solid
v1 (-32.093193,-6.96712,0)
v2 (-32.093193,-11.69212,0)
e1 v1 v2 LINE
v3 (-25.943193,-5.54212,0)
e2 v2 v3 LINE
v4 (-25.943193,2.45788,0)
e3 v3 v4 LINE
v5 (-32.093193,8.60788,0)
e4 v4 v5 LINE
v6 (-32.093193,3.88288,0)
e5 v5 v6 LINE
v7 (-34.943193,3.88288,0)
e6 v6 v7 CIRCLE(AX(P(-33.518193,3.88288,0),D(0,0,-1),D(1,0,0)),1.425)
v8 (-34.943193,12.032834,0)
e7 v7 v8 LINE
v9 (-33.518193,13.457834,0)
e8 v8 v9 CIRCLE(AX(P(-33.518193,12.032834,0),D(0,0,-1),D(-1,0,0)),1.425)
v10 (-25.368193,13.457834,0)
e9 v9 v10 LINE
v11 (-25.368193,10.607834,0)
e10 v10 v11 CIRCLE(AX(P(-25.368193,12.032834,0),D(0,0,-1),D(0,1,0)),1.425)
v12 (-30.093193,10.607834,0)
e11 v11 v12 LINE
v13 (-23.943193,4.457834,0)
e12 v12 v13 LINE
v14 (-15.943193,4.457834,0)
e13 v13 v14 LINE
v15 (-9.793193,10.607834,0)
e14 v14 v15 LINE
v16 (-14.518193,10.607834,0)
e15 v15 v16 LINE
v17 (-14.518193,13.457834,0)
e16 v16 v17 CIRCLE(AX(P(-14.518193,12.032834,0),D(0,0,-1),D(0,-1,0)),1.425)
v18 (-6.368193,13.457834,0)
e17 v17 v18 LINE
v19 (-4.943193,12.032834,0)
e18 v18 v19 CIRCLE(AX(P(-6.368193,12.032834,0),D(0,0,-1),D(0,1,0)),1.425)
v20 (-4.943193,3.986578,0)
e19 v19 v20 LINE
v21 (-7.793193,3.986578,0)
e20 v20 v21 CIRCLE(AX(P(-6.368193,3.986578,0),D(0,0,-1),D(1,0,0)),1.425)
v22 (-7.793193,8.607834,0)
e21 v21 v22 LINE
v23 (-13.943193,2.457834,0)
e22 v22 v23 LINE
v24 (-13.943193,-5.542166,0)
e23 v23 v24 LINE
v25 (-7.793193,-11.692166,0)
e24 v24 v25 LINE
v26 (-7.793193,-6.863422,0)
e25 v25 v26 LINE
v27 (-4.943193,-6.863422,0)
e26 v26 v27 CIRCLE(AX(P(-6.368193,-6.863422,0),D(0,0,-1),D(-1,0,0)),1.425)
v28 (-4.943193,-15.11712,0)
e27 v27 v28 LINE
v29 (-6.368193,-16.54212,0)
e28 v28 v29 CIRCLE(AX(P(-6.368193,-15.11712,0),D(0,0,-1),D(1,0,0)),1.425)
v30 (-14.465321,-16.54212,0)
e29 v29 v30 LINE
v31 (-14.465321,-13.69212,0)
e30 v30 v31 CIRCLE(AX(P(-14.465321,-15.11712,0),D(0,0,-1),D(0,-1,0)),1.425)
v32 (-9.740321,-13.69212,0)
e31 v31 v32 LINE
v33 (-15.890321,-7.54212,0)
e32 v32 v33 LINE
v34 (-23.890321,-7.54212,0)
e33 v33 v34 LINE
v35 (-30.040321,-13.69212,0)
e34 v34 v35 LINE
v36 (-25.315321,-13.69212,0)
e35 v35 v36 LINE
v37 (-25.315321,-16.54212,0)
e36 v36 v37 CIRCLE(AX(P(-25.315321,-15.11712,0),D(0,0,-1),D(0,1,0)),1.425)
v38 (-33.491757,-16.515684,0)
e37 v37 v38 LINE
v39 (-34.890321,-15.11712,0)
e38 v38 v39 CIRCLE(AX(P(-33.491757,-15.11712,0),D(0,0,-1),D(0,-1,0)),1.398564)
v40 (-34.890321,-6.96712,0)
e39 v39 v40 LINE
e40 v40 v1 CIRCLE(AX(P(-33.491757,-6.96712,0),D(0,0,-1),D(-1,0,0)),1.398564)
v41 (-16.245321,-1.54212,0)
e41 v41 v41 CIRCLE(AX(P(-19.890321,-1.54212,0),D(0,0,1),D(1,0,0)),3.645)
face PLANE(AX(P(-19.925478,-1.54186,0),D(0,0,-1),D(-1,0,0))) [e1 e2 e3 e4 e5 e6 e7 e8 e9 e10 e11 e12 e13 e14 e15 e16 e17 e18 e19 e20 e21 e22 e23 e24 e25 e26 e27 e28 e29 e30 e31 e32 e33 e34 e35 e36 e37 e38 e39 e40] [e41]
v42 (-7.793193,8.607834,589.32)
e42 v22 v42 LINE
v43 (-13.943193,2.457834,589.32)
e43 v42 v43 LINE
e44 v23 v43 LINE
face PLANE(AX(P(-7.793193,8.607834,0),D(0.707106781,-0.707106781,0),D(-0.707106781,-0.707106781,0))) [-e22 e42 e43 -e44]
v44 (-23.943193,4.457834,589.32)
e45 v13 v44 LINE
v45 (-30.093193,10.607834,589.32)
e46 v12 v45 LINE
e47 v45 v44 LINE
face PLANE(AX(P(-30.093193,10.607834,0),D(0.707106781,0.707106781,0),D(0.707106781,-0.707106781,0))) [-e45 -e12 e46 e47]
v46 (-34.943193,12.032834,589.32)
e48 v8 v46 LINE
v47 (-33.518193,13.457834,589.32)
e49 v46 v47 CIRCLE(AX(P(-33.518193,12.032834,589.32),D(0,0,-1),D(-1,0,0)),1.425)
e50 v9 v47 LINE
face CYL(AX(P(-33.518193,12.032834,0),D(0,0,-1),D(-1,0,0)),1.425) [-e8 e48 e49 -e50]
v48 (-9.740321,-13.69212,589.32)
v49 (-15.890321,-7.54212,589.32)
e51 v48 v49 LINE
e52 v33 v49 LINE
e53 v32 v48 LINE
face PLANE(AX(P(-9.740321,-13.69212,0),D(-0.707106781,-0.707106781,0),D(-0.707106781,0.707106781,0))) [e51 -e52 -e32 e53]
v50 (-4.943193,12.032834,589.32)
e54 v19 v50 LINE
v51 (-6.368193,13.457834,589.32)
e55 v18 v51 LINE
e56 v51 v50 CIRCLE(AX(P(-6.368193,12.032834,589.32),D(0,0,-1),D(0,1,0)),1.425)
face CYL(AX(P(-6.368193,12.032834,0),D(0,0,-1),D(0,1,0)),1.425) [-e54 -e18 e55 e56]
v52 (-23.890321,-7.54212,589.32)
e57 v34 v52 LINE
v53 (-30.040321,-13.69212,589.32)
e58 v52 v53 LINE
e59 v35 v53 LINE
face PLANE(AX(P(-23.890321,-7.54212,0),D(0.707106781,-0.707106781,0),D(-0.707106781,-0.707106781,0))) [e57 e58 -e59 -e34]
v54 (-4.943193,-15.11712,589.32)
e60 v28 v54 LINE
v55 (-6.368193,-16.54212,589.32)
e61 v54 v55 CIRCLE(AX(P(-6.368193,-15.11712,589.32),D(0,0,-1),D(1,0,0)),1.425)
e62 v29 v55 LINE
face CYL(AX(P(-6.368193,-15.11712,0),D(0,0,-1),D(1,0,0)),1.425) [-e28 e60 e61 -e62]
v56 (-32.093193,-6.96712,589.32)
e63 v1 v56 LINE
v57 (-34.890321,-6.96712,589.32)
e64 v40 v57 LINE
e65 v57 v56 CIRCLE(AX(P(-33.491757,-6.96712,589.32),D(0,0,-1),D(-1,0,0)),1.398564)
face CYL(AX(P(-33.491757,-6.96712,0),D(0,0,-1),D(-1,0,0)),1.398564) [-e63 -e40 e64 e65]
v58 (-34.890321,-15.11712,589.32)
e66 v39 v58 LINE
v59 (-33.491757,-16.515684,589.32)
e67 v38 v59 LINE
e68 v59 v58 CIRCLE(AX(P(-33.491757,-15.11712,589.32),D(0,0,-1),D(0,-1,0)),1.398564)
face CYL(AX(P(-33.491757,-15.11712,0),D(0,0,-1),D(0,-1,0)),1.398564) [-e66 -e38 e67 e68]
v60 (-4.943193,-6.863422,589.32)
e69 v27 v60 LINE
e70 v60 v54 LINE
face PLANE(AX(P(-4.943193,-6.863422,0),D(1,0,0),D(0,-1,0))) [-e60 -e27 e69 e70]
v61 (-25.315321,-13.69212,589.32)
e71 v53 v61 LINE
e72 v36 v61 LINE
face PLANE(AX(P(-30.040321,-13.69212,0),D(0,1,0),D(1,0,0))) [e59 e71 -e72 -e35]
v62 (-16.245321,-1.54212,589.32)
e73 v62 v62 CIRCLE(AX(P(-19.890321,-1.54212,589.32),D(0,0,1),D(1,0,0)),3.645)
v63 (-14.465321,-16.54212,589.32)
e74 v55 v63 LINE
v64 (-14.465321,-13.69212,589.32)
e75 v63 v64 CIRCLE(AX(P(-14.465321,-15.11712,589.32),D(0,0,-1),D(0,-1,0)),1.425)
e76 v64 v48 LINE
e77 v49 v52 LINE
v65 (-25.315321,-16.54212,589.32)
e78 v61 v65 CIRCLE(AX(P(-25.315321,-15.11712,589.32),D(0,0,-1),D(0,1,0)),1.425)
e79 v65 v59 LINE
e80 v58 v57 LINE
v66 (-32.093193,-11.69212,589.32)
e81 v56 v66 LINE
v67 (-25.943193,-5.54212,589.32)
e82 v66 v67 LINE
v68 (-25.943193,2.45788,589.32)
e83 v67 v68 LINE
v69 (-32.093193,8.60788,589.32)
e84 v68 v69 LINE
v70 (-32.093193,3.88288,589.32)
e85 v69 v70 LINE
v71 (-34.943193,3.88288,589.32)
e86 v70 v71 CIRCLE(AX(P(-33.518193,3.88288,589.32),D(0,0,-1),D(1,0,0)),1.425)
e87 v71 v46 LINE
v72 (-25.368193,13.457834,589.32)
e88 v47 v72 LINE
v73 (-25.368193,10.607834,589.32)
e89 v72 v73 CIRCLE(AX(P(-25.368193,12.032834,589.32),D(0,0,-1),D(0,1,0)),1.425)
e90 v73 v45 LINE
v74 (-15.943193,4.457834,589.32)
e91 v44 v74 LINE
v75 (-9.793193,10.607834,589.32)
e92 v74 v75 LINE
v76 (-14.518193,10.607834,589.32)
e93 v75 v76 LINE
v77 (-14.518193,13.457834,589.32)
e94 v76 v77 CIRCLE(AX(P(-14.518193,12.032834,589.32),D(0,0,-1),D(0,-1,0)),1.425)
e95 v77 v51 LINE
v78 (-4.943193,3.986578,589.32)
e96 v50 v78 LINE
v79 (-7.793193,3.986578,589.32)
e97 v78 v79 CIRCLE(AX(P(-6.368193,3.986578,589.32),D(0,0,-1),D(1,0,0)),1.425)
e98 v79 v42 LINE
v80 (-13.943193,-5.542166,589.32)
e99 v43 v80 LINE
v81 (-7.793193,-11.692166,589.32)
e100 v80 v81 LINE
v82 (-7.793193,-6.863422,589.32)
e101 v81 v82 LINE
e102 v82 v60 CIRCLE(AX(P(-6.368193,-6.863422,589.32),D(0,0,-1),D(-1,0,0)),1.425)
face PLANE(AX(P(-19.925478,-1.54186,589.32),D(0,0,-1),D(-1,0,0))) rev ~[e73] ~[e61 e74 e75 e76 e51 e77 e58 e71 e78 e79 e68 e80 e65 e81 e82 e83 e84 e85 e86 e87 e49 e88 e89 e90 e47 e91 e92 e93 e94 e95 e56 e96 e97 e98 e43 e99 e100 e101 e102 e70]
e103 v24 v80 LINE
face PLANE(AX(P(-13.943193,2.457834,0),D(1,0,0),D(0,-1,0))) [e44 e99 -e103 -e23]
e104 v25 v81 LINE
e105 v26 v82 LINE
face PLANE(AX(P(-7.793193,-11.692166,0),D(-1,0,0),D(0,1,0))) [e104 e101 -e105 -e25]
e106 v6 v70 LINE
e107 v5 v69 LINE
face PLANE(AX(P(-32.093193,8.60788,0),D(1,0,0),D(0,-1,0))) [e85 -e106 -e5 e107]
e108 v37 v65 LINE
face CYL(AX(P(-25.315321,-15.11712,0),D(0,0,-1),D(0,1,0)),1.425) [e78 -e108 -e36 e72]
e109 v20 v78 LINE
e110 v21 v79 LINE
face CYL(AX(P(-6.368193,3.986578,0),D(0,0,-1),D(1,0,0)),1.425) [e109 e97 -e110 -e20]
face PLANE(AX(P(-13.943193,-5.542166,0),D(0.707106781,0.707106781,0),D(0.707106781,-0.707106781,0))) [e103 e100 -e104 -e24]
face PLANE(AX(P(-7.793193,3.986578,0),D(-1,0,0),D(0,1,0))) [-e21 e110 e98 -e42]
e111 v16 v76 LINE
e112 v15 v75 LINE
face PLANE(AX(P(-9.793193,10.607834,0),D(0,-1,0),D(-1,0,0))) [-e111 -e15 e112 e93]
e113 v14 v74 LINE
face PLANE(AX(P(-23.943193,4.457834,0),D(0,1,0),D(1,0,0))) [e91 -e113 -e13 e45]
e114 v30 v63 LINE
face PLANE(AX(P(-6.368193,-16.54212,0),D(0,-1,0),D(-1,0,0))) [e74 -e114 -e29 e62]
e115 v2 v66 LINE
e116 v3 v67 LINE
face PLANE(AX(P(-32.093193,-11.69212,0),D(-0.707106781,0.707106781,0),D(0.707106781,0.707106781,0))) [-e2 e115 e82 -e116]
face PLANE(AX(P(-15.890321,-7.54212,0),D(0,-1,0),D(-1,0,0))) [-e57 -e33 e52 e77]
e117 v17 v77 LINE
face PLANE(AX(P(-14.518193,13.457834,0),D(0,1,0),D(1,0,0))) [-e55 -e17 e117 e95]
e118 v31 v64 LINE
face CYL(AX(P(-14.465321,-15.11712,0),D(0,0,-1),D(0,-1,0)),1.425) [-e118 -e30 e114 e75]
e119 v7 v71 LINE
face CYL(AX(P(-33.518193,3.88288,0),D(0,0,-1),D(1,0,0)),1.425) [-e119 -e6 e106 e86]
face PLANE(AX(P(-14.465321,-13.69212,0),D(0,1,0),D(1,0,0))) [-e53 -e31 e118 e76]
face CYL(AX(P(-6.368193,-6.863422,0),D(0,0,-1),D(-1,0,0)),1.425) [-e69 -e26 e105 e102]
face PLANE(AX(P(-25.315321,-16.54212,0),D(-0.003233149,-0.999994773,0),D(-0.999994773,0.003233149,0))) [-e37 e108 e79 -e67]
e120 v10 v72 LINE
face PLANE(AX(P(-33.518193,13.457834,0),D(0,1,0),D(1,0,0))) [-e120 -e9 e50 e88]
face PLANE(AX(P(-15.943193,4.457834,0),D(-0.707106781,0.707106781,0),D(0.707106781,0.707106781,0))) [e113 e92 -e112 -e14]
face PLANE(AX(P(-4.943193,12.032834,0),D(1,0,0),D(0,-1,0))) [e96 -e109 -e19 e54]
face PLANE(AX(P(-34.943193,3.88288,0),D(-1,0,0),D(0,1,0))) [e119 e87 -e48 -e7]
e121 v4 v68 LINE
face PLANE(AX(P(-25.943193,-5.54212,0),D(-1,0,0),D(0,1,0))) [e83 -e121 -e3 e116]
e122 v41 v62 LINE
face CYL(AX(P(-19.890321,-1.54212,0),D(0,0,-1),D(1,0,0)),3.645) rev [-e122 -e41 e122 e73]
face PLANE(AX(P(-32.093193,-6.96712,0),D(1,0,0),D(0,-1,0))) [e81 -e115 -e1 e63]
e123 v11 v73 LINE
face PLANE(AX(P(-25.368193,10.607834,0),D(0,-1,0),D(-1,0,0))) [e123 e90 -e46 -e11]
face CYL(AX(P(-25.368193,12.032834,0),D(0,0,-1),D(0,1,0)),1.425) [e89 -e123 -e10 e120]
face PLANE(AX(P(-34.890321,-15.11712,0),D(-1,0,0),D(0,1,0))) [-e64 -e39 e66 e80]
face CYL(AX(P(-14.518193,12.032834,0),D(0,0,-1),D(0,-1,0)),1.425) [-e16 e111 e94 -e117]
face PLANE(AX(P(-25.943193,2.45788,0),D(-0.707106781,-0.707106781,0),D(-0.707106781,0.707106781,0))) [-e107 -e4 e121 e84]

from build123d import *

# Parameters (mm, degrees)
CROQUIS1_R              = 3.645
SALIENTE_EXTRUIR1_DEPTH = 589.32


with BuildPart() as part:
    # Croquis1 → Saliente-Extruir1 (new body)
    with BuildSketch(Plane.XY):
        with BuildLine():
            Line((-14.465321263, -13.692119562), (-9.740321263, -13.692119562))
            Line((-9.740321263, -13.692119562), (-15.890321263, -7.542119562))
            Line((-15.890321263, -7.542119562), (-23.890321263, -7.542119562))
            Line((-23.890321263, -7.542119562), (-30.040321263, -13.692119562))
            Line((-30.040321263, -13.692119562), (-25.315321263, -13.692119562))
            ThreePointArc((-25.315321263, -13.692119562), (-23.890321263, -15.117119562), (-25.315321263, -16.542119562))
            Line((-25.315321263, -16.542119562), (-33.491757035, -16.515683789))
            ThreePointArc((-33.491757035, -16.515683789), (-34.480691284, -16.106053811), (-34.890321263, -15.117119562))
            Line((-34.890321263, -15.117119562), (-34.890321263, -6.967119562))
            ThreePointArc((-34.890321263, -6.967119562), (-33.491757035, -5.568555335), (-32.093192808, -6.967119562))
            Line((-32.093192808, -6.967119562), (-32.093192808, -11.692119562))
            Line((-32.093192808, -11.692119562), (-25.943192808, -5.542119562))
            Line((-25.943192808, -5.542119562), (-25.943192808, 2.457880438))
            Line((-25.943192808, 2.457880438), (-32.093192808, 8.607880438))
            Line((-32.093192808, 8.607880438), (-32.093192808, 3.882880438))
            ThreePointArc((-32.093192808, 3.882880438), (-33.518192808, 2.457880438), (-34.943192808, 3.882880438))
            Line((-34.943192808, 3.882880438), (-34.943192808, 12.032833848))
            ThreePointArc((-34.943192808, 12.032833848), (-34.525819971, 13.040461011), (-33.518192808, 13.457833848))
            Line((-33.518192808, 13.457833848), (-25.368192808, 13.457833848))
            ThreePointArc((-25.368192808, 13.457833848), (-23.943192808, 12.032833848), (-25.368192808, 10.607833848))
            Line((-25.368192808, 10.607833848), (-30.093192808, 10.607833848))
            Line((-30.093192808, 10.607833848), (-23.943192808, 4.457833848))
            Line((-23.943192808, 4.457833848), (-15.943192808, 4.457833848))
            Line((-15.943192808, 4.457833848), (-9.793192808, 10.607833848))
            Line((-9.793192808, 10.607833848), (-14.518192808, 10.607833848))
            ThreePointArc((-14.518192808, 10.607833848), (-15.943192808, 12.032833848), (-14.518192808, 13.457833848))
            Line((-14.518192808, 13.457833848), (-6.368192808, 13.457833848))
            ThreePointArc((-6.368192808, 13.457833848), (-5.360565645, 13.040461011), (-4.943192808, 12.032833848))
            Line((-4.943192808, 12.032833848), (-4.943192808, 3.986577533))
            ThreePointArc((-4.943192808, 3.986577533), (-6.368192808, 2.561577533), (-7.793192808, 3.986577533))
            Line((-7.793192808, 3.986577533), (-7.793192808, 8.607833848))
            Line((-7.793192808, 8.607833848), (-13.943192808, 2.457833848))
            Line((-13.943192808, 2.457833848), (-13.943192808, -5.542166152))
            Line((-13.943192808, -5.542166152), (-7.793192808, -11.692166152))
            Line((-7.793192808, -11.692166152), (-7.793192808, -6.863422467))
            ThreePointArc((-7.793192808, -6.863422467), (-6.368192808, -5.438422467), (-4.943192808, -6.863422467))
            Line((-4.943192808, -6.863422467), (-4.943192808, -15.117119562))
            ThreePointArc((-4.943192808, -15.117119562), (-5.360565645, -16.124746725), (-6.368192808, -16.542119562))
            Line((-6.368192808, -16.542119562), (-14.465321263, -16.542119562))
            ThreePointArc((-14.465321263, -16.542119562), (-15.890321263, -15.117119562), (-14.465321263, -13.692119562))
        make_face()
        with Locations((-19.890321263, -1.542119562)):
            Circle(CROQUIS1_R, mode=Mode.SUBTRACT)
    extrude(amount=SALIENTE_EXTRUIR1_DEPTH)


solid = part.part
